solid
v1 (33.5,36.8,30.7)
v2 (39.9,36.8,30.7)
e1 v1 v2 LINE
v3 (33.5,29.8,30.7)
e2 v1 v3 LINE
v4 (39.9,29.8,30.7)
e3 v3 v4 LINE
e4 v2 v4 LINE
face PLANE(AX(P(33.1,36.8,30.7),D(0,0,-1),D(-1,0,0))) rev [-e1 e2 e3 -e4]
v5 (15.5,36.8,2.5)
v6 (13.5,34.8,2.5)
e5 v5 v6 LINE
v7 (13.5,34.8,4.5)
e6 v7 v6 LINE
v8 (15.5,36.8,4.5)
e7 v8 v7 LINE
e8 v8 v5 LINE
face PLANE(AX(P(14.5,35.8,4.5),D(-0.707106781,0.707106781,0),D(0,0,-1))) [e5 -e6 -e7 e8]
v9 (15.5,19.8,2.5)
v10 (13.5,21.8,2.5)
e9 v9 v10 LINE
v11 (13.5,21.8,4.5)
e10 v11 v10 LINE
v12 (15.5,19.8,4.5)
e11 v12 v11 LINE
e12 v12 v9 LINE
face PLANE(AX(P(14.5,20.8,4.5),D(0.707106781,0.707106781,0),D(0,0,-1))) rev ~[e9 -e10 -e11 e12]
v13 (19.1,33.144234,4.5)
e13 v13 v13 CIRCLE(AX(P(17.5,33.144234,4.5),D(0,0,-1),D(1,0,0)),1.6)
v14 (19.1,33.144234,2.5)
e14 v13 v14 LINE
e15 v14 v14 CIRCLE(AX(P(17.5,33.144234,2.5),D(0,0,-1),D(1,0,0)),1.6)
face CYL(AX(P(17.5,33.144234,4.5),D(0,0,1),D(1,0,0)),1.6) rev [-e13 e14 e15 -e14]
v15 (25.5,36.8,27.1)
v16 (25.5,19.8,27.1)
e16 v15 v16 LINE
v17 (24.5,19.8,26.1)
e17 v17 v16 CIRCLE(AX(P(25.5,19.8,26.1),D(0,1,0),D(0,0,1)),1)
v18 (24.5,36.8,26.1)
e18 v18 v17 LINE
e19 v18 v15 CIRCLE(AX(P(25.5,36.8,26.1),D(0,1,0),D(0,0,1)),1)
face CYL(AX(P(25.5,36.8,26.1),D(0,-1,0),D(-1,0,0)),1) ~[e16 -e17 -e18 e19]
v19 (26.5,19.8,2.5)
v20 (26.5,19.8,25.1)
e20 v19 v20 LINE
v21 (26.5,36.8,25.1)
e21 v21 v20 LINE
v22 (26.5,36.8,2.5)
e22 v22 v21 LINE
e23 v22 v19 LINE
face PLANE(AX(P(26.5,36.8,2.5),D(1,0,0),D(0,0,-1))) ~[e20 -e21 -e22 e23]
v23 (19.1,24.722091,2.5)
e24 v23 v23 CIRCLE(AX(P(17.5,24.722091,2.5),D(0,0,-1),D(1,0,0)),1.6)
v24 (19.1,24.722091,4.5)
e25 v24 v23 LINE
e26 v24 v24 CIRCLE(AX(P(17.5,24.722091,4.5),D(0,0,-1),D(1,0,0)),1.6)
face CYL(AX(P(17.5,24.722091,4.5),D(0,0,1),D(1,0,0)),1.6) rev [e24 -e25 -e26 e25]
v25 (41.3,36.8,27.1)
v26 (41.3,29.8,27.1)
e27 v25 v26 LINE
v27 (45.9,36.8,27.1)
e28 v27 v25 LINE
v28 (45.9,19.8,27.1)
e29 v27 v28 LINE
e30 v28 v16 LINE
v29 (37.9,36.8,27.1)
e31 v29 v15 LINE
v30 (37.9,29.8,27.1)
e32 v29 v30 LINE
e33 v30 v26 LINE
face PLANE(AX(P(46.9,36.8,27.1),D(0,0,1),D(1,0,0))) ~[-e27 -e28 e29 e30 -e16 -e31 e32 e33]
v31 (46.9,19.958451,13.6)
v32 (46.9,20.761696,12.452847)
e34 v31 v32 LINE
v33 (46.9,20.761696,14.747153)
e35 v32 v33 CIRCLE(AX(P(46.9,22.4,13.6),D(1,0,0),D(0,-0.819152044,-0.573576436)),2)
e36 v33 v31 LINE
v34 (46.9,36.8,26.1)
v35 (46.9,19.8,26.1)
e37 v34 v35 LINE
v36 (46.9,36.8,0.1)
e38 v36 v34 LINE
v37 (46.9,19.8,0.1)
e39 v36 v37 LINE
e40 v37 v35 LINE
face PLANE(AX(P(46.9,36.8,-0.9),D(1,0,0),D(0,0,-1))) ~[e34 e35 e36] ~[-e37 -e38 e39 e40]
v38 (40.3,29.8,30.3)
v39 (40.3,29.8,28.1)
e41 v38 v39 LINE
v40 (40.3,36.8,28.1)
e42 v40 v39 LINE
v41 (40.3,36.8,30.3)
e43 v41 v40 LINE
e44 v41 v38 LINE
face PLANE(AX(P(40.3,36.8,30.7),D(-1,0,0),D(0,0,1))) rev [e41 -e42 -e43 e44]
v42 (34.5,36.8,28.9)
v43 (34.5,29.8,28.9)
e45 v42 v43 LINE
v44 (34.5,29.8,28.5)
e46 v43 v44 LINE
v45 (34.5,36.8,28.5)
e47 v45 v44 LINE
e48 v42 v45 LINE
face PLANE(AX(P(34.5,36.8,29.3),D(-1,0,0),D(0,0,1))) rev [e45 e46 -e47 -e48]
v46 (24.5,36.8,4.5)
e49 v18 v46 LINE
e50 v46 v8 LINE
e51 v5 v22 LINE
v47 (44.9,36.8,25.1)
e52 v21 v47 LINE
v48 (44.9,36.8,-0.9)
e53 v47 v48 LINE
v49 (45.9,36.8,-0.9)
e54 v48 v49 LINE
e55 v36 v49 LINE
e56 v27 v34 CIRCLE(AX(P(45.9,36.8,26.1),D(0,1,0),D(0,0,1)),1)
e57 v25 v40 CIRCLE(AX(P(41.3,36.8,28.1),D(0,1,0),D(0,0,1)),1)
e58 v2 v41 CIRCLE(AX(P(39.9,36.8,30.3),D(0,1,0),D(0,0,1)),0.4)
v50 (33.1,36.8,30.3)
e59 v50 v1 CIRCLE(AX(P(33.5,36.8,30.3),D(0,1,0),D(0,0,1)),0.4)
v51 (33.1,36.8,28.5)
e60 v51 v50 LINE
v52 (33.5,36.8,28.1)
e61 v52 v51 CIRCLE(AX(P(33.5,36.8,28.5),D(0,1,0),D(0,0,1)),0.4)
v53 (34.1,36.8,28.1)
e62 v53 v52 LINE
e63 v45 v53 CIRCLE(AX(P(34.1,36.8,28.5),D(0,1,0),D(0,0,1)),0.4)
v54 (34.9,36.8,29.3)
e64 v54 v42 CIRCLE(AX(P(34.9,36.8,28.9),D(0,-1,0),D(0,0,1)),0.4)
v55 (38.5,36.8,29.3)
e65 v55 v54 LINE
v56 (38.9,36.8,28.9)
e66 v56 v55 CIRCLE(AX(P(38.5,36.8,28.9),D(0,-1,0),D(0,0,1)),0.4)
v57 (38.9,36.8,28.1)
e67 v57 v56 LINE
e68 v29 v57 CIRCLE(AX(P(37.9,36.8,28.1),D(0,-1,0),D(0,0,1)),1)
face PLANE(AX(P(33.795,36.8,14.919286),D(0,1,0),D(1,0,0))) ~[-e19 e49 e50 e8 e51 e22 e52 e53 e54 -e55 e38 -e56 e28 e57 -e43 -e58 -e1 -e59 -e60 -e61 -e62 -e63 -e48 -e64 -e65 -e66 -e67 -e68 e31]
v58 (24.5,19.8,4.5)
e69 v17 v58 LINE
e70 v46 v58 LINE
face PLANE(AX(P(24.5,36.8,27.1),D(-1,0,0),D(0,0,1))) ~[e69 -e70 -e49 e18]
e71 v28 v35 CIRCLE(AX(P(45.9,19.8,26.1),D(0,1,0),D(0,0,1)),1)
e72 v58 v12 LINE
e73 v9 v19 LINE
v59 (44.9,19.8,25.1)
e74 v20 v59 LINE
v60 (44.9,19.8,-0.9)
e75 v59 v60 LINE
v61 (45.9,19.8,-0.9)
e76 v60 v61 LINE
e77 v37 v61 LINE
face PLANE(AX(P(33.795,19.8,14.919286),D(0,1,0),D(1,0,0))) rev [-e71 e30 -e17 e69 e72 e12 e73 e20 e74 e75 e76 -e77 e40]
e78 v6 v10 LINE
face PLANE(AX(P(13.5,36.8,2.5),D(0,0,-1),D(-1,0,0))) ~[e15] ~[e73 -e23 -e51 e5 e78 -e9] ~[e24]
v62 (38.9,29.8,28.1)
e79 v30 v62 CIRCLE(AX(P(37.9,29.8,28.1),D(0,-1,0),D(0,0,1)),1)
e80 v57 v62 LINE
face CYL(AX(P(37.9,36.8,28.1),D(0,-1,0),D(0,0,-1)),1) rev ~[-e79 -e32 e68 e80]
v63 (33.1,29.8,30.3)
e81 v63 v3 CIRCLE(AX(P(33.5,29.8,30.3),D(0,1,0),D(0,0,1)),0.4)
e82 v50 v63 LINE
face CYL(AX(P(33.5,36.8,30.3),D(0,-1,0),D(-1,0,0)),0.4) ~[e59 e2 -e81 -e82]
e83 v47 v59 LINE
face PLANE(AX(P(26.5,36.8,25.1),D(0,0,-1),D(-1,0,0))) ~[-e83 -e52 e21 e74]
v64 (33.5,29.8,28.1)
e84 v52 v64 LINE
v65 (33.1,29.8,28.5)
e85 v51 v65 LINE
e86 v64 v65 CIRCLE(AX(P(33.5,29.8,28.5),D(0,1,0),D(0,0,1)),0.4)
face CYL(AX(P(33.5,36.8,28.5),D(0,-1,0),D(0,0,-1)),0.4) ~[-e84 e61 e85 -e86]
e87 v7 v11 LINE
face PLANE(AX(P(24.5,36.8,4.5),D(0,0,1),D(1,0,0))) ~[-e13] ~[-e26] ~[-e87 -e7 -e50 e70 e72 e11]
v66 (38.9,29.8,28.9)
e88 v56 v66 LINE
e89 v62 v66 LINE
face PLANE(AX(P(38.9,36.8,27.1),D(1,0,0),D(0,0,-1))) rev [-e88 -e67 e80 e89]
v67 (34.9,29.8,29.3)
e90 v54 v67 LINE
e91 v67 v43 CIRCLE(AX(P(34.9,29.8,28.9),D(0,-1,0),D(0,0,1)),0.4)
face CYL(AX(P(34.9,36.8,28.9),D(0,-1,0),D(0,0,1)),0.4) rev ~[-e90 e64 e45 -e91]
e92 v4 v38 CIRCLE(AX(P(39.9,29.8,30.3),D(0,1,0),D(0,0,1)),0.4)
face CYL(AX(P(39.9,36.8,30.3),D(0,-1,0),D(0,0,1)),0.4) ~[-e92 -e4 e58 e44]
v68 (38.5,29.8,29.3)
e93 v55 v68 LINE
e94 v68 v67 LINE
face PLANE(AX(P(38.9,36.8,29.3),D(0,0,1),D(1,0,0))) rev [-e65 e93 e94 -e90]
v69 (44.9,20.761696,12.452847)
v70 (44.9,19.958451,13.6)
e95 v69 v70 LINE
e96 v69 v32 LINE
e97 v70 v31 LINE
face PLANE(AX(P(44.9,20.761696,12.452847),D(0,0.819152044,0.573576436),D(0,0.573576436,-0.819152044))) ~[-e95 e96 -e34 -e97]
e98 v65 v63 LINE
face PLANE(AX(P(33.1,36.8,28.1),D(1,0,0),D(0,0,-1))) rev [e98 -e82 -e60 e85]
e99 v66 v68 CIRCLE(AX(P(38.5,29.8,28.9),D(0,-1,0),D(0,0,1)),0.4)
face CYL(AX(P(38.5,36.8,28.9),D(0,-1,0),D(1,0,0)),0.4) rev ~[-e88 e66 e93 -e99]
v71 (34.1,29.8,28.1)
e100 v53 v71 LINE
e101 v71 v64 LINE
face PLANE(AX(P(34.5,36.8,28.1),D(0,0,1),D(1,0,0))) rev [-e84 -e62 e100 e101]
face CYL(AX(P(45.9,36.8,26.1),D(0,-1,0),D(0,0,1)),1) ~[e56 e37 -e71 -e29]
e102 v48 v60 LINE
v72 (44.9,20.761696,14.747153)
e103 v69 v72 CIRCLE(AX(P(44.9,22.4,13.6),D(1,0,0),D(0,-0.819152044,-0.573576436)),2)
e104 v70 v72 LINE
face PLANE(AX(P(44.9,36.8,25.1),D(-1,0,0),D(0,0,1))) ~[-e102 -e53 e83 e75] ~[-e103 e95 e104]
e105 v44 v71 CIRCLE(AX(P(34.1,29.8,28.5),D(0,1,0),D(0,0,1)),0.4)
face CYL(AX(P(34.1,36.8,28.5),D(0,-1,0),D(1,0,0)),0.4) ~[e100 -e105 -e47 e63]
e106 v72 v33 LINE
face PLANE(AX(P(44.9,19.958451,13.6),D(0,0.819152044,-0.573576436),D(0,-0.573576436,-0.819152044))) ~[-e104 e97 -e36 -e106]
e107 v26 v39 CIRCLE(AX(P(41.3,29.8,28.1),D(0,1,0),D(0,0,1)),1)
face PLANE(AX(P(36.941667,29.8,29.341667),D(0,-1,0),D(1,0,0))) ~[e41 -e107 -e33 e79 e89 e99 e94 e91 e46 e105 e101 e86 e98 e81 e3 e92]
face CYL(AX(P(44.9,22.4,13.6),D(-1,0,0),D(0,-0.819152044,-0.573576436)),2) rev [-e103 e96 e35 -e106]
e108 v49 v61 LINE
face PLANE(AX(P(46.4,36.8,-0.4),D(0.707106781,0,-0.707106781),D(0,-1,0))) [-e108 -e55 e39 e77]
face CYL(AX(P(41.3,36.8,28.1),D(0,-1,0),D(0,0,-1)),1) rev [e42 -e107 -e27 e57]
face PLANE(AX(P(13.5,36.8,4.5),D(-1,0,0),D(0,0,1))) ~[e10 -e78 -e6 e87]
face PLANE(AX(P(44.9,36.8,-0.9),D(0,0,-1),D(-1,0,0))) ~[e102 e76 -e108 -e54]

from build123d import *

# Parameters (mm, degrees)
PAD015_DEPTH            = 17
SKETCH026_R             = 1.6
POCKET011_DEPTH         = 5
POCKET012_DEPTH         = 5
FILLET004_R             = 1
CHAMFER002_SIZE         = 2
CHAMFER003_SIZE         = 1
PAD014_DEPTH            = 7
FILLET003_R             = 1
FILLET002_R             = 0.4
BODY006_ROLL_ANGLE      = -90
BODY006_PLACEMENT_ANGLE = 180


with BuildPart() as soporte_tt:
    # Sketch027 → Pad015 (new body)
    with BuildSketch(Plane.XY):
        Polygon((-2, -24.6), (-2, -2), (-13, -2), (-13, 0), (0, 0), (0, -22.6), (18.4, -22.6), (18.4, 3.4), (20.4, 3.4), (20.4, -24.6), align=None)
    extrude(amount=PAD015_DEPTH)

    # Sketch026 (on Face2 of Pad015) → Pocket011 (cut)
    with BuildSketch(Plane.XZ.offset(2)):
        with Locations((-9, 3.655766)):
            Circle(SKETCH026_R)
        with Locations((-9, 12.077909)):
            Circle(SKETCH026_R)
    extrude(amount=-POCKET011_DEPTH, mode=Mode.SUBTRACT)

    # Sketch025 → Pocket012 (cut)
    with BuildSketch(Plane(origin=(18.4, 0, 0), x_dir=(0, -1, 0), z_dir=(-1, 0, 0))):
        with BuildLine():
            ThreePointArc((9.9528471273, 16.0383040886), (11.1, 12.4), (12.2471528727, 16.0383040886))
            Line((11.1, 16.8415491775), (12.2471528727, 16.0383040886))
            Line((9.9528471273, 16.0383040886), (11.1, 16.8415491775))
        make_face()
    extrude(amount=-POCKET012_DEPTH, mode=Mode.SUBTRACT)

    # Fillet004
    fillet004_edges = [soporte_tt.edges().sort_by_distance(p)[0] for p in [
        (-2, -24.6, 8.5),
        (20.4, -24.6, 8.5),
    ]]
    fillet(fillet004_edges, radius=FILLET004_R)

    # Chamfer002
    chamfer002_edges = [soporte_tt.edges().sort_by_distance(p)[0] for p in [
        (-13, -1, 17),
        (-13, -1, 0),
    ]]
    chamfer(chamfer002_edges, length=CHAMFER002_SIZE)

    # Chamfer003
    chamfer003_edges = [soporte_tt.edges().sort_by_distance(p)[0] for p in [
        (20.4, 3.4, 8.5),
    ]]
    chamfer(chamfer003_edges, length=CHAMFER003_SIZE)

    # Sketch028 (on Face1 of Chamfer003) → Pad014 (join)
    with BuildSketch(Plane(origin=(0, 0, 0), x_dir=(1, 0, 0), z_dir=(0, 0, -1))):
        Polygon((13.8, 24.6), (12.4, 24.6), (12.4, 26.8), (8, 26.8), (8, 25.6), (6.6, 25.6), (6.6, 28.2), (13.8, 28.2), align=None)
    extrude(amount=-PAD014_DEPTH)

    # Fillet003
    fillet003_edges = [soporte_tt.edges().sort_by_distance(p)[0] for p in [
        (12.4, -24.6, 3.5),
        (13.8, -24.6, 3.5),
    ]]
    fillet(fillet003_edges, radius=FILLET003_R)

    # Fillet002
    fillet002_edges = [soporte_tt.edges().sort_by_distance(p)[0] for p in [
        (13.8, -28.2, 3.5),
        (6.6, -28.2, 3.5),
        (6.6, -25.6, 3.5),
        (12.4, -26.8, 3.5),
        (8, -26.8, 3.5),
        (8, -25.6, 3.5),
    ]]
    fillet(fillet002_edges, radius=FILLET002_R)


with BuildPart() as soporte_tt_1:
    # Body006 roll: moved
    add(soporte_tt.part.rotate(Axis((0, 0, 0), (1, 0, 0)), BODY006_ROLL_ANGLE))


with BuildPart() as soporte_tt_2:
    # Body006 placement: moved
    add(soporte_tt_1.part.moved(Location((-26.5, 36.8, 2.5))).rotate(Axis((-26.5, 36.8, 2.5), (0, 0, 1)), BODY006_PLACEMENT_ANGLE))


with BuildPart() as part_mirroring001:
    # Part__Mirroring001: instance of soporte_TT
    add(soporte_tt_2.part.mirror(Plane(origin=(0, 0, 0), x_dir=(0, -1, 0), z_dir=(1, 0, 0))))


solid = part_mirroring001.part
